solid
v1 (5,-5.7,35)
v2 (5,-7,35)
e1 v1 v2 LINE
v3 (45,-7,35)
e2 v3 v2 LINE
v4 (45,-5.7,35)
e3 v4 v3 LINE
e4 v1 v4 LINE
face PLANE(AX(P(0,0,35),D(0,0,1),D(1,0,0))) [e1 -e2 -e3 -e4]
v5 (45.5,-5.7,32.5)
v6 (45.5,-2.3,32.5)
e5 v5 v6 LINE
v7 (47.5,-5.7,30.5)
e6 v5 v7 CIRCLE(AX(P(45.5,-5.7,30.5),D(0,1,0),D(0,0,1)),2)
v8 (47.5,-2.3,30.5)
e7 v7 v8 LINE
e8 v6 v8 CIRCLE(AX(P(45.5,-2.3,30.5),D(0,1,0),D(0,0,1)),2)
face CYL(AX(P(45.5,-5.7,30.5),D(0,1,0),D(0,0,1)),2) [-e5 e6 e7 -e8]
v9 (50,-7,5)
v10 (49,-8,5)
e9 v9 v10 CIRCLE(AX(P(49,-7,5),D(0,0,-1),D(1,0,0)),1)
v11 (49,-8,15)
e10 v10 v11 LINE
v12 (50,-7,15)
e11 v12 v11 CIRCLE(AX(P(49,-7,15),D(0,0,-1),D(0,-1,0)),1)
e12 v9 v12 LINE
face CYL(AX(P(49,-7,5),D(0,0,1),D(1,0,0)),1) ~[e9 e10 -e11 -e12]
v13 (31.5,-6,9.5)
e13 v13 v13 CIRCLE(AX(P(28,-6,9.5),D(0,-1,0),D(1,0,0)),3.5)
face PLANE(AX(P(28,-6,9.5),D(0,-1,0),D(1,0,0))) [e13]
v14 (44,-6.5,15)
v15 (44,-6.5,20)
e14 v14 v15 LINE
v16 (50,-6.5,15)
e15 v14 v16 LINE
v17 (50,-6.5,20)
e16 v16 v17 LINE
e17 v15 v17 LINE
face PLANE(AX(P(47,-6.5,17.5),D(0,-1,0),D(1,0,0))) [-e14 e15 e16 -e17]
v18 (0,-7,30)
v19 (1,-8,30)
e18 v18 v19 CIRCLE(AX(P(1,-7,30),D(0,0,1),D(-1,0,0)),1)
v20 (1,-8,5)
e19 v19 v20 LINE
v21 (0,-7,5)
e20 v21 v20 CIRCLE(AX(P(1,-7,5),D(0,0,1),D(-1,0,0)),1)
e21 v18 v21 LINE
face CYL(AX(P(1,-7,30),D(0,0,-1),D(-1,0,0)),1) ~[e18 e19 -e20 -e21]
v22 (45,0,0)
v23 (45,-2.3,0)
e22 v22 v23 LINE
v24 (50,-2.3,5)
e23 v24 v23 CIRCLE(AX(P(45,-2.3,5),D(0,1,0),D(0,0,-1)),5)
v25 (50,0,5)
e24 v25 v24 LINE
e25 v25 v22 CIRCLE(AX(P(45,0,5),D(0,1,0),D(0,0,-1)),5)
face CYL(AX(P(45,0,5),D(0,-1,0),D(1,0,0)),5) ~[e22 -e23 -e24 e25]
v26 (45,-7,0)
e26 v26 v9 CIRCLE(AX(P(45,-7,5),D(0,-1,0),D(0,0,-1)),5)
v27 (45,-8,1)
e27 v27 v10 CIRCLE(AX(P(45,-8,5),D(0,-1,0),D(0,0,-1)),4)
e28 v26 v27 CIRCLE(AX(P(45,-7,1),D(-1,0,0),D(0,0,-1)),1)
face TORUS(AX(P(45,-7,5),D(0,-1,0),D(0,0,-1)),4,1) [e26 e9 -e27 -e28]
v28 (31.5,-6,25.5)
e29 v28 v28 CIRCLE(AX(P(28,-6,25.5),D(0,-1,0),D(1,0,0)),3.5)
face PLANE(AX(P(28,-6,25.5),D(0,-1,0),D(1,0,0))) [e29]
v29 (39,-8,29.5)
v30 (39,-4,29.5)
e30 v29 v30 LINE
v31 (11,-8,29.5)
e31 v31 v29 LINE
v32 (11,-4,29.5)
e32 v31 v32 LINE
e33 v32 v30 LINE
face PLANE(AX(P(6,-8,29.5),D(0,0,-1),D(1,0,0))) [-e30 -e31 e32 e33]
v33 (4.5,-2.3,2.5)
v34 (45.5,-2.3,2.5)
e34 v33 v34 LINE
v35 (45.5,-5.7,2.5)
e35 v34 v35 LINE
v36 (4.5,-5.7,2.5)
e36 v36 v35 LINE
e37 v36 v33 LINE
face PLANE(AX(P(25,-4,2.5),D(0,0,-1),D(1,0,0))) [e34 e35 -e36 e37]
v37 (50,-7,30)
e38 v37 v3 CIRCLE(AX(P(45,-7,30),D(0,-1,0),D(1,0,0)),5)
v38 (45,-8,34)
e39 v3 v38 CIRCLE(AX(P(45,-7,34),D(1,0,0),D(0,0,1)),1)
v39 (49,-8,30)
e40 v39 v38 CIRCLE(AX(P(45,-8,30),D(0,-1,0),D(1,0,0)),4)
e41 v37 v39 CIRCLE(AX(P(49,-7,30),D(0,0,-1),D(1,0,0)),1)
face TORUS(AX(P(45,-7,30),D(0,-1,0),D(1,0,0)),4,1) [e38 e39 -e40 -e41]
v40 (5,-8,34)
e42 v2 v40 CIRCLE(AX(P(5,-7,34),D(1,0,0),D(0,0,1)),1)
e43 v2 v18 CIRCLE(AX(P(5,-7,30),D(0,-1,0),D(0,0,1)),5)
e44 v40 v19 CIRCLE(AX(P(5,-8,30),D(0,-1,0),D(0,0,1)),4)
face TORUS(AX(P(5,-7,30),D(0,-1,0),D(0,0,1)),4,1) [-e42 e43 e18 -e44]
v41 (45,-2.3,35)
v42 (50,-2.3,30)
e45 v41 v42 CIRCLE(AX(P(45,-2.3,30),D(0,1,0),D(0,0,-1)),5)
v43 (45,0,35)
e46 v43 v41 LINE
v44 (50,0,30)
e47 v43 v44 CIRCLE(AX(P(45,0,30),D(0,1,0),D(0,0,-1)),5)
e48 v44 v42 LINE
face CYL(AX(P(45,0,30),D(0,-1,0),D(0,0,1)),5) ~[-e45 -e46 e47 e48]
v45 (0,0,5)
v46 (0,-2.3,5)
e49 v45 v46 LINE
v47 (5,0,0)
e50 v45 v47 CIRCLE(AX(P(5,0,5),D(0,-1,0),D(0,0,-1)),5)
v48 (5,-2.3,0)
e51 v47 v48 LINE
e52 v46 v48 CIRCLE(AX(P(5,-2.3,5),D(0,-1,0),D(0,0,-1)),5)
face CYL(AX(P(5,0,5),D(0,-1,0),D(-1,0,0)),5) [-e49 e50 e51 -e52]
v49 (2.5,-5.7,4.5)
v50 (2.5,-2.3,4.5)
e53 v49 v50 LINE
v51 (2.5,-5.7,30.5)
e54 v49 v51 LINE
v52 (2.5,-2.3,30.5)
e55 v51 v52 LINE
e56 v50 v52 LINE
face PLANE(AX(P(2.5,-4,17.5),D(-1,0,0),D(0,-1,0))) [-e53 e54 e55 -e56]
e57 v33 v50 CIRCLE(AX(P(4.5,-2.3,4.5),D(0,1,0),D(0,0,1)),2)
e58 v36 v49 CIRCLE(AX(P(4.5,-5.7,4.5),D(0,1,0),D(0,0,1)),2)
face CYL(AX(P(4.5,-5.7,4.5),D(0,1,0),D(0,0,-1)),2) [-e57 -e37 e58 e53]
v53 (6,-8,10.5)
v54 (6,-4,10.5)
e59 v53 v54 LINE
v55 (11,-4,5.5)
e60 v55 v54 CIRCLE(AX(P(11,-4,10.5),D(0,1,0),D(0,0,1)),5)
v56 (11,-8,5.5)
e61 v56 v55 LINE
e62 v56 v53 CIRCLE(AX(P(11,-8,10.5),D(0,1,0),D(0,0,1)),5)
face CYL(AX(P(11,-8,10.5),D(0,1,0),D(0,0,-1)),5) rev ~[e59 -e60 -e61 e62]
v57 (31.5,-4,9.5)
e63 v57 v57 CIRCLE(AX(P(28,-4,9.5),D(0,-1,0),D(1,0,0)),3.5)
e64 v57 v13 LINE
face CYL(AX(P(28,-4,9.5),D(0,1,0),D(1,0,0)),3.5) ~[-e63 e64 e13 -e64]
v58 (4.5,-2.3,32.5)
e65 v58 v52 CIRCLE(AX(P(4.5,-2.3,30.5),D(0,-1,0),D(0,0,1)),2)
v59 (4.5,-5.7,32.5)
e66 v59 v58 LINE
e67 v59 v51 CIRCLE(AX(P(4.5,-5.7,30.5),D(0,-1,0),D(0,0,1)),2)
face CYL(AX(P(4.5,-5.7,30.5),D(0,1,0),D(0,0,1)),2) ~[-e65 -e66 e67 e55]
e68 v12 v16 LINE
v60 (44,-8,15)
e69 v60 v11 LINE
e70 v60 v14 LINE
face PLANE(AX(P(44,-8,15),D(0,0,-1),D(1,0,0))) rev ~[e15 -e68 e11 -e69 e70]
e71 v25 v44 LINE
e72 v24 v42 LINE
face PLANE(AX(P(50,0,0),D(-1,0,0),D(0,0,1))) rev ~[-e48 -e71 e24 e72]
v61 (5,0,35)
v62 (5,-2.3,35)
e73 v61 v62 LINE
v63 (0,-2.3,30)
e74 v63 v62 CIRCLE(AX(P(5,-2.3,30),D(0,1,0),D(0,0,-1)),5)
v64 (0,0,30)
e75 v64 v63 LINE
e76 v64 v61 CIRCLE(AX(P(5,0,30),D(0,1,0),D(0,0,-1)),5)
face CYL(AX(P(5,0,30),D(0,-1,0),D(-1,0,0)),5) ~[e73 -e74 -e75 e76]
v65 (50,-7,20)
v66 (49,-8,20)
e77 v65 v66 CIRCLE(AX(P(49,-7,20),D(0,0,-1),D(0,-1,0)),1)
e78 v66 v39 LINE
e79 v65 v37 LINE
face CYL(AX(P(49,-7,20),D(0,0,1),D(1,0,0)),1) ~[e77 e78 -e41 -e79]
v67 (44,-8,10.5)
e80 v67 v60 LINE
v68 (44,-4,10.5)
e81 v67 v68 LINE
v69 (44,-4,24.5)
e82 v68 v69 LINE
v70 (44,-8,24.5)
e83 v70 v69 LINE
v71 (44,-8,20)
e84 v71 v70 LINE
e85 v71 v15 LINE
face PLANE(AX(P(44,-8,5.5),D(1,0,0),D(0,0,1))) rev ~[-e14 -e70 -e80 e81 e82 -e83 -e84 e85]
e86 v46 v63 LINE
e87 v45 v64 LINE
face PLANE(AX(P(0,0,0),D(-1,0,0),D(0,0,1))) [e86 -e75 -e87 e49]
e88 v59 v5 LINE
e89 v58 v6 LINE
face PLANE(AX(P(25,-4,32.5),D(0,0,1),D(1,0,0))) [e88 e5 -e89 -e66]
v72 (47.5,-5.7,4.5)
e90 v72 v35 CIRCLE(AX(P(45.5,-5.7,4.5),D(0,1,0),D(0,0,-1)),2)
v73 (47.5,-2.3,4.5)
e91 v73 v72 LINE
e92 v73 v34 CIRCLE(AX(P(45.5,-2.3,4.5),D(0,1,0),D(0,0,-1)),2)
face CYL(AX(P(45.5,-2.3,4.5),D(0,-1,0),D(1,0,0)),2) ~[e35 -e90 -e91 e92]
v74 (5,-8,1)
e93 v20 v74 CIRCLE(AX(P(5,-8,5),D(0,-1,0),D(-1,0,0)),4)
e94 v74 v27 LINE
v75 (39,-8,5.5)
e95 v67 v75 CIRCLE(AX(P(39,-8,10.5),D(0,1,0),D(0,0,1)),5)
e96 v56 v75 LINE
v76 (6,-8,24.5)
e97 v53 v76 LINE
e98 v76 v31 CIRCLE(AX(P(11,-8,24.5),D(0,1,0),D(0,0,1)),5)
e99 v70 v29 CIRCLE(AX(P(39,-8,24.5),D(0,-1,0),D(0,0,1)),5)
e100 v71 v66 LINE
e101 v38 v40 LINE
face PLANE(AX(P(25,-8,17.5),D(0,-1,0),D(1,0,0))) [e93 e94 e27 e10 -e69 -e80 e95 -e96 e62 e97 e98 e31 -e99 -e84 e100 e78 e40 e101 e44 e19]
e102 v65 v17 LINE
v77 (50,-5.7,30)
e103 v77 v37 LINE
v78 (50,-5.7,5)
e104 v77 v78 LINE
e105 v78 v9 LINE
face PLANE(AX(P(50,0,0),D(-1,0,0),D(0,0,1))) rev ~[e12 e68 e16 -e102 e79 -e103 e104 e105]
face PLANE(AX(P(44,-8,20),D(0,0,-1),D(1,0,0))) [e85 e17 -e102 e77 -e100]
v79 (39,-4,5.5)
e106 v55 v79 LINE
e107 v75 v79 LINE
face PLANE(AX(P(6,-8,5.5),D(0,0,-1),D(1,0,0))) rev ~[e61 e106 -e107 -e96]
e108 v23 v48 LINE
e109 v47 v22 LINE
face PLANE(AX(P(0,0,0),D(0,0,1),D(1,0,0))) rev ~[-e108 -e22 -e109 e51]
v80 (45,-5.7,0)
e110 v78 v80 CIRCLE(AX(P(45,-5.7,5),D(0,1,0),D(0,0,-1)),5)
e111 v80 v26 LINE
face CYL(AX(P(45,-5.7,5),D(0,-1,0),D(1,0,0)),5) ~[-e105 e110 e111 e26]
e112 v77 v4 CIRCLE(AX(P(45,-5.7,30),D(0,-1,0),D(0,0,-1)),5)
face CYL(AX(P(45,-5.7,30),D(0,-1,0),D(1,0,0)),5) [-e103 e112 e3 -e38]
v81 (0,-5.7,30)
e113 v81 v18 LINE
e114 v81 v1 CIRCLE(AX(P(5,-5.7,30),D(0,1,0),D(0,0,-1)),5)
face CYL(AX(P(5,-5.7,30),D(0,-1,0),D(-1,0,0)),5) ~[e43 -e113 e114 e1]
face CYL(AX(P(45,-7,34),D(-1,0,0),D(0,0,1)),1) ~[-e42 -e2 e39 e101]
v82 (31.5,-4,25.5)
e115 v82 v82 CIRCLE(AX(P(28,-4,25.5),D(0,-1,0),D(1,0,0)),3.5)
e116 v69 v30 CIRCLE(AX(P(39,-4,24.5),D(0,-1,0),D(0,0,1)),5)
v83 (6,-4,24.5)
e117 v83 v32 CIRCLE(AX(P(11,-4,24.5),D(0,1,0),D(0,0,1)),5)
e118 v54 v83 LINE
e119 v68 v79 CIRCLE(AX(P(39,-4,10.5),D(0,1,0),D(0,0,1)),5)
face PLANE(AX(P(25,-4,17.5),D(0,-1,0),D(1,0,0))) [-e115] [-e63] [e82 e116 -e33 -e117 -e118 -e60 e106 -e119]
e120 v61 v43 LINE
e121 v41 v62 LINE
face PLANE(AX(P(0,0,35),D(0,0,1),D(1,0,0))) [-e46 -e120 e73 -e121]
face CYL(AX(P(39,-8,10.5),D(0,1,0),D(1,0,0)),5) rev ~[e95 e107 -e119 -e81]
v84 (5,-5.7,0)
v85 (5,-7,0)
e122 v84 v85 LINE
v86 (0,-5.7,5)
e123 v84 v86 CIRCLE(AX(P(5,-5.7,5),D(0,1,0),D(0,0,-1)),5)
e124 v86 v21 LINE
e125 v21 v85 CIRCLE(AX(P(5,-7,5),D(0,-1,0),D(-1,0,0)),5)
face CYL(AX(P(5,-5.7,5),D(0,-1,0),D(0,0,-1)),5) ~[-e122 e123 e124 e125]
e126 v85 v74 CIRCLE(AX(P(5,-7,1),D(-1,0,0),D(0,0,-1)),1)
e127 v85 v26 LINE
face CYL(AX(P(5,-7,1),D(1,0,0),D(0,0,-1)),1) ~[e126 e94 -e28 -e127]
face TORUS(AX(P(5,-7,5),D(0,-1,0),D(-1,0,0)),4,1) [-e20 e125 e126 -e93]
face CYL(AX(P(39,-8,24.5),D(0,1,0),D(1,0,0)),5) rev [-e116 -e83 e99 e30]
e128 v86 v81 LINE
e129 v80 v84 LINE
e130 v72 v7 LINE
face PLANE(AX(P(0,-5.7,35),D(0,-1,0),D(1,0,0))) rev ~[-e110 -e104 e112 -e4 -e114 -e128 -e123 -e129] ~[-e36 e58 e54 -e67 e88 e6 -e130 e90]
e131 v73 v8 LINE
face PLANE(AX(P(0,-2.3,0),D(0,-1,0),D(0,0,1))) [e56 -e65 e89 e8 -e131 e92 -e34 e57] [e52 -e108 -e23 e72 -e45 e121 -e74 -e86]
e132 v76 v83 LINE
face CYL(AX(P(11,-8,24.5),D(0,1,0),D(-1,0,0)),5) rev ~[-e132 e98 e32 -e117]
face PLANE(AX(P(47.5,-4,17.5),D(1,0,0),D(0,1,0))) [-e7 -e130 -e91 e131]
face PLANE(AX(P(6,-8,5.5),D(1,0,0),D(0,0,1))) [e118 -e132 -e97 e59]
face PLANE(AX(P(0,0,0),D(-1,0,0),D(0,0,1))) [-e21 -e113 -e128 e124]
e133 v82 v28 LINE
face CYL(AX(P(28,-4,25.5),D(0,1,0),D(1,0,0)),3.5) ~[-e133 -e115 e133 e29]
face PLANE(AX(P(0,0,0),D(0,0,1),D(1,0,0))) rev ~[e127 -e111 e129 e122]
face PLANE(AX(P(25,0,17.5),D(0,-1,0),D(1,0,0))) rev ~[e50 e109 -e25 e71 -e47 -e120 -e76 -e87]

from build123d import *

# Parameters (mm, degrees)
F0_W      = 50
F0_H      = 35
F1_DEPTH  = 8
F2_W      = 38
F2_H      = 24
F3_DEPTH  = 4
F4_R      = 3.5
F6_DEPTH  = 2
F5_R      = 3.5
F7_DEPTH  = 2
F8_W      = 6
F8_H      = 5
F9_DEPTH  = 1.5
F10_W     = 50
F10_H     = 3.4
F14_DEPTH = 2.5
F11_W     = 3.4
F11_H     = 35
F15_DEPTH = 2.5
F12_W     = 50
F12_H     = 3.4
F16_DEPTH = 2.5
F13_W     = 3.4
F13_H     = 35
F17_DEPTH = 2.5
F18_R     = 5
F19_R     = 1
F20_R     = 2


with BuildPart() as f1:
    # F0 (on Front) → F1 (new body)
    with BuildSketch(Plane.XZ):
        with Locations((25, 17.5)):
            Rectangle(F0_W, F0_H)
    extrude(amount=F1_DEPTH)

    # F2 (on face) → F3 (cut)
    with BuildSketch(Plane.XZ.offset(8)):
        with Locations((25, 17.5)):
            Rectangle(F2_W, F2_H)
    extrude(amount=-F3_DEPTH, mode=Mode.SUBTRACT)

    # F4 (on face) → F6 (join)
    with BuildSketch(Plane.XZ.offset(4)):
        with Locations((28, 9.5)):
            Circle(F4_R)
    extrude(amount=F6_DEPTH)

    # F5 (on face) → F7 (join)
    with BuildSketch(Plane.XZ.offset(4)):
        with Locations((28, 25.5)):
            Circle(F5_R)
    extrude(amount=F7_DEPTH)

    # F8 (on face) → F9 (cut)
    with BuildSketch(Plane.XZ.offset(8)):
        with Locations((47, 17.5)):
            Rectangle(F8_W, F8_H)
    extrude(amount=-F9_DEPTH, mode=Mode.SUBTRACT)

    # F10 (on face) → F14 (cut)
    with BuildSketch(Plane(origin=(0, 0, 0), x_dir=(1, 0, 0), z_dir=(0, 0, -1))):
        with Locations((25, 4)):
            Rectangle(F10_W, F10_H)
    extrude(amount=-F14_DEPTH, mode=Mode.SUBTRACT)

    # F11 (on face) → F15 (cut)
    with BuildSketch(Plane(origin=(0, 0, 0), x_dir=(0, -1, 0), z_dir=(-1, 0, 0))):
        with Locations((4, 17.5)):
            Rectangle(F11_W, F11_H)
    extrude(amount=-F15_DEPTH, mode=Mode.SUBTRACT)

    # F12 (on face) → F16 (cut)
    with BuildSketch(Plane.XY.offset(35)):
        with Locations((25, -4)):
            Rectangle(F12_W, F12_H)
    extrude(amount=-F16_DEPTH, mode=Mode.SUBTRACT)

    # F13 (on face) → F17 (cut)
    with BuildSketch(Plane.YZ.offset(50)):
        with Locations((-4, 17.5)):
            Rectangle(F13_W, F13_H)
    extrude(amount=-F17_DEPTH, mode=Mode.SUBTRACT)

    # F18
    f18_edges = [f1.edges().sort_by_distance(p)[0] for p in [
        (0, -1.15, 35),
        (0, -6.85, 35),
        (0, -1.15, 0),
        (0, -6.85, 0),
        (50, -1.15, 0),
        (50, -6.85, 0),
        (50, -1.15, 35),
        (50, -6.85, 35),
        (44, -6, 29.5),
        (44, -6, 5.5),
        (6, -6, 5.5),
        (6, -6, 29.5),
    ]]
    fillet(f18_edges, radius=F18_R)

    # F19
    f19_edges = [f1.edges().sort_by_distance(p)[0] for p in [
        (25, -8, 0),
    ]]
    fillet(f19_edges, radius=F19_R)

    # F20
    f20_edges = [f1.edges().sort_by_distance(p)[0] for p in [
        (2.5, -4, 32.5),
        (2.5, -4, 2.5),
        (47.5, -4, 2.5),
        (47.5, -4, 32.5),
    ]]
    fillet(f20_edges, radius=F20_R)


solid = f1.part
